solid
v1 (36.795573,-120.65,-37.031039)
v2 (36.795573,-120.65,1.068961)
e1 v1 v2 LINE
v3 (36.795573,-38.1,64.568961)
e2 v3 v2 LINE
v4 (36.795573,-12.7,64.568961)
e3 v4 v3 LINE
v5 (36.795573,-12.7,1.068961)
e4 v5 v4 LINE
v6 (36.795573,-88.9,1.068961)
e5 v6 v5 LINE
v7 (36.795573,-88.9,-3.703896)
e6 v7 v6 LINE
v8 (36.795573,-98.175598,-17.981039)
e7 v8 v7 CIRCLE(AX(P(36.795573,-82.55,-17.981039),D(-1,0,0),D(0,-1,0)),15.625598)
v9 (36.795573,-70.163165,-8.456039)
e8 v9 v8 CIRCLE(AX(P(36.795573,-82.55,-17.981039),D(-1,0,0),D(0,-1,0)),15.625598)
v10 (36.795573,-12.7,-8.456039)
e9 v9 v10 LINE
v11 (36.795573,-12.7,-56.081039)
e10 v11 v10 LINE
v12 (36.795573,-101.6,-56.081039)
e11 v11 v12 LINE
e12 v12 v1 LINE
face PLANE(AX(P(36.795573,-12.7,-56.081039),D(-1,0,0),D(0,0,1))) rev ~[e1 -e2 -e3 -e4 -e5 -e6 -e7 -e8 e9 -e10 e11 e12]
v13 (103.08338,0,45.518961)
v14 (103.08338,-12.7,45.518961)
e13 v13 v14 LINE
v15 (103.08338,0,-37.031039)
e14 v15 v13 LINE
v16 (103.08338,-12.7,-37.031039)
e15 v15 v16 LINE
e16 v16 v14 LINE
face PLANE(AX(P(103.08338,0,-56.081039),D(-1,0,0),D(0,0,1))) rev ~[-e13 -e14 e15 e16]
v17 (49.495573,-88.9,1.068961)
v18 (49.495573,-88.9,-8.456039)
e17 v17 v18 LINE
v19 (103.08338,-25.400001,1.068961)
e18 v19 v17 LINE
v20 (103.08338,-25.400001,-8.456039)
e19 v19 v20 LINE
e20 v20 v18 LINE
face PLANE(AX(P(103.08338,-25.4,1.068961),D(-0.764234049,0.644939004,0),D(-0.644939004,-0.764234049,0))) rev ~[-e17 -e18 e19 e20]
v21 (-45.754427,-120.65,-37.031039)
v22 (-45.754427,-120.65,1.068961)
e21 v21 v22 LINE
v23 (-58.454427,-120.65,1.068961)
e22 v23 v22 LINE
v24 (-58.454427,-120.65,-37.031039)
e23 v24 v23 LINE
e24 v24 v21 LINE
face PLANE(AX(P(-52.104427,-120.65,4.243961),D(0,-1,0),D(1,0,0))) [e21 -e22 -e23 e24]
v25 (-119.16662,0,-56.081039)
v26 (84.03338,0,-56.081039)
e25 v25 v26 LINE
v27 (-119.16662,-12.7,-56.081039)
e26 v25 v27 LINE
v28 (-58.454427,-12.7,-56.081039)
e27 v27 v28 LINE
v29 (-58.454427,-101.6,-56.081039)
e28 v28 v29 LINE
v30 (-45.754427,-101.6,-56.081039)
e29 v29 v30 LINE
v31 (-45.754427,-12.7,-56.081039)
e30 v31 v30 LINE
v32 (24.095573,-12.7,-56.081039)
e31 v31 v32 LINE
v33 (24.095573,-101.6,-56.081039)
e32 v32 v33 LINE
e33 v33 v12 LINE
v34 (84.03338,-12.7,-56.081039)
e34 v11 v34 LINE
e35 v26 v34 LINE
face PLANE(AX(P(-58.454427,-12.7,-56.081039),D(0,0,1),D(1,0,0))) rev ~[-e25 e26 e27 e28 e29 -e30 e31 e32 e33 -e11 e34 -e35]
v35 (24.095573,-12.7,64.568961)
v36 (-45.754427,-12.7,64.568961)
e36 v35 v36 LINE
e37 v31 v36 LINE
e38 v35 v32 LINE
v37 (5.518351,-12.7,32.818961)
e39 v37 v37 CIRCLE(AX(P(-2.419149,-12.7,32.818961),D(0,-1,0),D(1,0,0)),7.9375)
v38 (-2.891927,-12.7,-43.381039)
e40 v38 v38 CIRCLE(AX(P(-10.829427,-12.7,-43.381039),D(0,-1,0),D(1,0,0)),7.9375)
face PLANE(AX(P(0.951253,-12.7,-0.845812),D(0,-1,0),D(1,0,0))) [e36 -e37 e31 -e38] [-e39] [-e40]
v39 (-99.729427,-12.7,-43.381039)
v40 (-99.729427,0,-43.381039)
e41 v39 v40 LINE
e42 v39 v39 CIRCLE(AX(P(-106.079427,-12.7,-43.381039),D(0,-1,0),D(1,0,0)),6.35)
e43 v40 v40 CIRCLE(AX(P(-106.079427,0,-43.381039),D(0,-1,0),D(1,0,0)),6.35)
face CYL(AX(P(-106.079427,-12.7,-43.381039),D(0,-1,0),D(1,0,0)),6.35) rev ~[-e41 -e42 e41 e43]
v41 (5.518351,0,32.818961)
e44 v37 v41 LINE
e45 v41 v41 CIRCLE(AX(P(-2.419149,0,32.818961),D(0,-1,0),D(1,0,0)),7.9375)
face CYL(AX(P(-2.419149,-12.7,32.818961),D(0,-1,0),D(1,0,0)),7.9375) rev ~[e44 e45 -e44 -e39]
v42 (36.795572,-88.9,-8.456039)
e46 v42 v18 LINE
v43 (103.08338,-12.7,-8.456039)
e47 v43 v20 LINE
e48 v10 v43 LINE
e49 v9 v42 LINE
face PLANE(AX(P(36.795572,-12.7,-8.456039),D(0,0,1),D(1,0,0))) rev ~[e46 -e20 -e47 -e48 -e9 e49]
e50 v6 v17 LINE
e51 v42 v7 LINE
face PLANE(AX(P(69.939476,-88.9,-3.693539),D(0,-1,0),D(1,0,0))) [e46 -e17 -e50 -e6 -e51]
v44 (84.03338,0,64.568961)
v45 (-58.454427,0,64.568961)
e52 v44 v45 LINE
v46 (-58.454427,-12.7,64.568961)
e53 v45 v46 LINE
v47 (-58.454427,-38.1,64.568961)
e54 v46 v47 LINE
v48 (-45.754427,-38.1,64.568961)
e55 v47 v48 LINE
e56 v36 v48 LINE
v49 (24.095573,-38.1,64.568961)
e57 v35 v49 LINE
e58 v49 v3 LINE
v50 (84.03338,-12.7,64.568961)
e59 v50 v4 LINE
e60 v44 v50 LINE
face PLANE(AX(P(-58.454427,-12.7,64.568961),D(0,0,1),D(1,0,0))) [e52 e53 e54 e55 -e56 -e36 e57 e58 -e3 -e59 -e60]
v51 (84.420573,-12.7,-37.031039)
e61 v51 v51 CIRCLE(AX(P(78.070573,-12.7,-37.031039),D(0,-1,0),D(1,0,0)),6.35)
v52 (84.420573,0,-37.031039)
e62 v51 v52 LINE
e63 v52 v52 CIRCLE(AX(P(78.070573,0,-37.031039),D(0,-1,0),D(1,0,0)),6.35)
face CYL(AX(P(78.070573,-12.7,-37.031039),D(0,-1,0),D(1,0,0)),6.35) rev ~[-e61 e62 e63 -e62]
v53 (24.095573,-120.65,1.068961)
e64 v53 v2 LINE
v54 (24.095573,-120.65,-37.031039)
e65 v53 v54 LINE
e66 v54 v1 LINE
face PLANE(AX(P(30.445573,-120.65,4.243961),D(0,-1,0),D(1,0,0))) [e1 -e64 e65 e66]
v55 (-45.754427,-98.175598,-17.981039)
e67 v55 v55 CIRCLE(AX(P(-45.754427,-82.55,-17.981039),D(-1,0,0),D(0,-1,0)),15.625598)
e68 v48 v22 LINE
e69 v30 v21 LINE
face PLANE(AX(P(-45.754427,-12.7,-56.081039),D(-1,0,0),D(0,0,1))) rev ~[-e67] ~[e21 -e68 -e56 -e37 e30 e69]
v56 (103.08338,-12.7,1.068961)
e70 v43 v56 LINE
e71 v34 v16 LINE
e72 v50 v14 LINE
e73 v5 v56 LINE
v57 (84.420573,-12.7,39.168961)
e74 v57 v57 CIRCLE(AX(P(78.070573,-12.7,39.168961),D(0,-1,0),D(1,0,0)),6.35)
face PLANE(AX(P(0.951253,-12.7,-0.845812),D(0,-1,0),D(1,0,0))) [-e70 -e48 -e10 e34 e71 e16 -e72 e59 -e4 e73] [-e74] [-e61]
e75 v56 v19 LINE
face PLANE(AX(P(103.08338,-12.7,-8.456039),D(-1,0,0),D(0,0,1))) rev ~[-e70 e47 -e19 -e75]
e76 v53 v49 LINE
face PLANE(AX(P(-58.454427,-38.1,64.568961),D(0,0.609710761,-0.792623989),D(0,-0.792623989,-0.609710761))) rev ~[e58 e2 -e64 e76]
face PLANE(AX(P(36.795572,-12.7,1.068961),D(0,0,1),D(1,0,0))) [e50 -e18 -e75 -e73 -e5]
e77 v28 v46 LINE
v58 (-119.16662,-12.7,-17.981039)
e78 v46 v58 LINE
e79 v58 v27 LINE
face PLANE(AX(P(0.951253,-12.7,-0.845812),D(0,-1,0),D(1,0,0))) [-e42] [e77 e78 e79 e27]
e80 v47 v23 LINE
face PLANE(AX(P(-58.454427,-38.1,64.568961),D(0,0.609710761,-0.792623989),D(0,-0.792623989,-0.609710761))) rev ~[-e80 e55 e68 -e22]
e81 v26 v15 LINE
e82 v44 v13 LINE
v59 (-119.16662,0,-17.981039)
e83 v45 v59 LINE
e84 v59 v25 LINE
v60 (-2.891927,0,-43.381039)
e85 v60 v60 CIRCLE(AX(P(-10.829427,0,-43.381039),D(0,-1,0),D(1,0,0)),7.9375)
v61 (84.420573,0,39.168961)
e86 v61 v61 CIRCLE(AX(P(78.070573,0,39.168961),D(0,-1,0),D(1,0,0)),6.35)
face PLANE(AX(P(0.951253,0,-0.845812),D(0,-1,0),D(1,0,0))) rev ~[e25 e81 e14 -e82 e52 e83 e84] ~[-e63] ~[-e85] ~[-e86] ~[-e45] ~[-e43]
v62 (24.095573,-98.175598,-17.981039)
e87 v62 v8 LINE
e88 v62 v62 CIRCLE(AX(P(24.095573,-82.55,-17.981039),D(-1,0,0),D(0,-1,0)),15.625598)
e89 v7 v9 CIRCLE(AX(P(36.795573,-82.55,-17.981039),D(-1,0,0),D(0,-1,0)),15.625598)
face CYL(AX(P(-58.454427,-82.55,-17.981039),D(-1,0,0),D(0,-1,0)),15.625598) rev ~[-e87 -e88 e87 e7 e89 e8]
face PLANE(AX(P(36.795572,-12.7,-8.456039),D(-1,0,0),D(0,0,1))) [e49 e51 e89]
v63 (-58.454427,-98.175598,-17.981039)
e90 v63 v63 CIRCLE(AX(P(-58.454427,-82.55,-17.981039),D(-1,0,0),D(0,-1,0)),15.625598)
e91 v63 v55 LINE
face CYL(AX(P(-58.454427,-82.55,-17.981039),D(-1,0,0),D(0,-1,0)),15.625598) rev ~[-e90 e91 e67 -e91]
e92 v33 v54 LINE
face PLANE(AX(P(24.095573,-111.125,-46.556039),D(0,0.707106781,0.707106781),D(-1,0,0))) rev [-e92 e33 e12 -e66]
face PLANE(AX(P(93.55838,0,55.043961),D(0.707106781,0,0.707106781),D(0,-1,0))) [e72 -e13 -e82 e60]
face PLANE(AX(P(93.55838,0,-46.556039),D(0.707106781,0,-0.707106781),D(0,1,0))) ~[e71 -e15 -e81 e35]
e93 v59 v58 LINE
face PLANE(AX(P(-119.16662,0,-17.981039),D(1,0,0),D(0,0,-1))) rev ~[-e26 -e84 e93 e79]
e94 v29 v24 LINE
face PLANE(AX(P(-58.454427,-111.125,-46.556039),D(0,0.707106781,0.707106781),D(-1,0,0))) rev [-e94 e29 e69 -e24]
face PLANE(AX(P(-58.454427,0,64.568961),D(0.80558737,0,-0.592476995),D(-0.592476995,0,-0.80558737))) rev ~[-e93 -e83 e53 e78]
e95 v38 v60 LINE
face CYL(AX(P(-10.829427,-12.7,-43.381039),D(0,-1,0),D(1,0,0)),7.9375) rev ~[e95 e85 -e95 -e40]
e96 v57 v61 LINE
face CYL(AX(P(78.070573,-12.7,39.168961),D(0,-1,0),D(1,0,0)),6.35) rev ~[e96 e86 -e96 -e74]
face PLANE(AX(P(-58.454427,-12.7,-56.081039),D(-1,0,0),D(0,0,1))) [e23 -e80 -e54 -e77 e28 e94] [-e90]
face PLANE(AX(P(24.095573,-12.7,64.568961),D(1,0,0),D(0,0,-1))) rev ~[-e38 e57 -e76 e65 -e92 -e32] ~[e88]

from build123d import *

# Parameters (mm, degrees)
F1_DEPTH  = 12.7
F2_SIZE   = 19.05
F3_R      = 6.35
F3_R_2    = 7.9375
F4_DEPTH  = 25.4
F3_W      = 12.7
F3_H      = 120.65
F5_DEPTH  = 107.95
F6_SIZE   = 19.05
F8_DEPTH  = 193.548
F7_R      = 15.625598
F9_DEPTH  = 161.538807
F3_W_2    = 66.287807
F3_H_2    = 9.525
F10_DEPTH = 76.2
F12_DEPTH = 57.151


with BuildPart() as f1:
    # F0 (on Front) → F1 (new body)
    with BuildSketch(Plane.XZ):
        Polygon((103.08338, 64.568961), (-58.454427, 64.568961), (-119.16662, -17.981039), (-119.16662, -56.081039), (103.08338, -56.081039), align=None)
    extrude(amount=F1_DEPTH)

    # F2
    f2_edges = [f1.edges().sort_by_distance(p)[0] for p in [
        (103.08338, -6.35, -56.081039),
        (103.08338, -6.35, 64.568961),
    ]]
    chamfer(f2_edges, length=F2_SIZE)

    # F3 (on face) → F4 (cut)
    with BuildSketch(Plane.XZ.offset(12.7)):
        with Locations((78.070573, -37.031039)):
            Circle(F3_R)
        with Locations((78.070573, 39.168961)):
            Circle(F3_R)
        with Locations((-2.419149, 32.818961)):
            Circle(F3_R_2)
        with Locations((-10.829427, -43.381039)):
            Circle(F3_R_2)
        with Locations((-106.079427, -43.381039)):
            Circle(F3_R)
    extrude(amount=-F4_DEPTH, mode=Mode.SUBTRACT)

    # F3 (on face) → F5 (join)
    with BuildSketch(Plane.XZ.offset(12.7)):
        with Locations((-52.104427, 4.243961)):
            Rectangle(F3_W, F3_H)
        Polygon((36.795573, 64.568961), (24.095573, 64.568961), (24.095573, -56.081039), (36.795573, -56.081039), (36.795573, -8.456039), (36.795573, 1.068961), align=None)
    extrude(amount=F5_DEPTH)

    # F6
    f6_edges = [f1.edges().sort_by_distance(p)[0] for p in [
        (-52.104427, -120.65, -56.081039),
        (30.445573, -120.65, -56.081039),
    ]]
    chamfer(f6_edges, length=F6_SIZE)

    # F7 (on face) → F8 (cut)
    with BuildSketch(Plane(origin=(-58.454427, 0, 0), x_dir=(0, -1, 0), z_dir=(-1, 0, 0))):
        Polygon((38.1, 64.568961), (120.65, 1.068961), (120.65, 64.568961), align=None)
    extrude(amount=-F8_DEPTH, mode=Mode.SUBTRACT)

    # F7 (on face) → F9 (cut, through all)
    with BuildSketch(Plane(origin=(-58.454427, 0, 0), x_dir=(0, -1, 0), z_dir=(-1, 0, 0))):
        with Locations((82.55, -17.981039)):
            Circle(F7_R)
    extrude(amount=-F9_DEPTH, mode=Mode.SUBTRACT)

    # F3 (on face) → F10 (join)
    with BuildSketch(Plane.XZ.offset(12.7)):
        with Locations((69.939476, -3.693539)):
            Rectangle(F3_W_2, F3_H_2)
    extrude(amount=F10_DEPTH)

    # F11 (on face) → F12 (cut, through all)
    with BuildSketch(Plane.XY.offset(1.068961)):
        Polygon((103.08338, -25.4), (49.495573, -88.9), (103.08338, -88.9), align=None)
    extrude(amount=-F12_DEPTH, mode=Mode.SUBTRACT)


solid = f1.part
